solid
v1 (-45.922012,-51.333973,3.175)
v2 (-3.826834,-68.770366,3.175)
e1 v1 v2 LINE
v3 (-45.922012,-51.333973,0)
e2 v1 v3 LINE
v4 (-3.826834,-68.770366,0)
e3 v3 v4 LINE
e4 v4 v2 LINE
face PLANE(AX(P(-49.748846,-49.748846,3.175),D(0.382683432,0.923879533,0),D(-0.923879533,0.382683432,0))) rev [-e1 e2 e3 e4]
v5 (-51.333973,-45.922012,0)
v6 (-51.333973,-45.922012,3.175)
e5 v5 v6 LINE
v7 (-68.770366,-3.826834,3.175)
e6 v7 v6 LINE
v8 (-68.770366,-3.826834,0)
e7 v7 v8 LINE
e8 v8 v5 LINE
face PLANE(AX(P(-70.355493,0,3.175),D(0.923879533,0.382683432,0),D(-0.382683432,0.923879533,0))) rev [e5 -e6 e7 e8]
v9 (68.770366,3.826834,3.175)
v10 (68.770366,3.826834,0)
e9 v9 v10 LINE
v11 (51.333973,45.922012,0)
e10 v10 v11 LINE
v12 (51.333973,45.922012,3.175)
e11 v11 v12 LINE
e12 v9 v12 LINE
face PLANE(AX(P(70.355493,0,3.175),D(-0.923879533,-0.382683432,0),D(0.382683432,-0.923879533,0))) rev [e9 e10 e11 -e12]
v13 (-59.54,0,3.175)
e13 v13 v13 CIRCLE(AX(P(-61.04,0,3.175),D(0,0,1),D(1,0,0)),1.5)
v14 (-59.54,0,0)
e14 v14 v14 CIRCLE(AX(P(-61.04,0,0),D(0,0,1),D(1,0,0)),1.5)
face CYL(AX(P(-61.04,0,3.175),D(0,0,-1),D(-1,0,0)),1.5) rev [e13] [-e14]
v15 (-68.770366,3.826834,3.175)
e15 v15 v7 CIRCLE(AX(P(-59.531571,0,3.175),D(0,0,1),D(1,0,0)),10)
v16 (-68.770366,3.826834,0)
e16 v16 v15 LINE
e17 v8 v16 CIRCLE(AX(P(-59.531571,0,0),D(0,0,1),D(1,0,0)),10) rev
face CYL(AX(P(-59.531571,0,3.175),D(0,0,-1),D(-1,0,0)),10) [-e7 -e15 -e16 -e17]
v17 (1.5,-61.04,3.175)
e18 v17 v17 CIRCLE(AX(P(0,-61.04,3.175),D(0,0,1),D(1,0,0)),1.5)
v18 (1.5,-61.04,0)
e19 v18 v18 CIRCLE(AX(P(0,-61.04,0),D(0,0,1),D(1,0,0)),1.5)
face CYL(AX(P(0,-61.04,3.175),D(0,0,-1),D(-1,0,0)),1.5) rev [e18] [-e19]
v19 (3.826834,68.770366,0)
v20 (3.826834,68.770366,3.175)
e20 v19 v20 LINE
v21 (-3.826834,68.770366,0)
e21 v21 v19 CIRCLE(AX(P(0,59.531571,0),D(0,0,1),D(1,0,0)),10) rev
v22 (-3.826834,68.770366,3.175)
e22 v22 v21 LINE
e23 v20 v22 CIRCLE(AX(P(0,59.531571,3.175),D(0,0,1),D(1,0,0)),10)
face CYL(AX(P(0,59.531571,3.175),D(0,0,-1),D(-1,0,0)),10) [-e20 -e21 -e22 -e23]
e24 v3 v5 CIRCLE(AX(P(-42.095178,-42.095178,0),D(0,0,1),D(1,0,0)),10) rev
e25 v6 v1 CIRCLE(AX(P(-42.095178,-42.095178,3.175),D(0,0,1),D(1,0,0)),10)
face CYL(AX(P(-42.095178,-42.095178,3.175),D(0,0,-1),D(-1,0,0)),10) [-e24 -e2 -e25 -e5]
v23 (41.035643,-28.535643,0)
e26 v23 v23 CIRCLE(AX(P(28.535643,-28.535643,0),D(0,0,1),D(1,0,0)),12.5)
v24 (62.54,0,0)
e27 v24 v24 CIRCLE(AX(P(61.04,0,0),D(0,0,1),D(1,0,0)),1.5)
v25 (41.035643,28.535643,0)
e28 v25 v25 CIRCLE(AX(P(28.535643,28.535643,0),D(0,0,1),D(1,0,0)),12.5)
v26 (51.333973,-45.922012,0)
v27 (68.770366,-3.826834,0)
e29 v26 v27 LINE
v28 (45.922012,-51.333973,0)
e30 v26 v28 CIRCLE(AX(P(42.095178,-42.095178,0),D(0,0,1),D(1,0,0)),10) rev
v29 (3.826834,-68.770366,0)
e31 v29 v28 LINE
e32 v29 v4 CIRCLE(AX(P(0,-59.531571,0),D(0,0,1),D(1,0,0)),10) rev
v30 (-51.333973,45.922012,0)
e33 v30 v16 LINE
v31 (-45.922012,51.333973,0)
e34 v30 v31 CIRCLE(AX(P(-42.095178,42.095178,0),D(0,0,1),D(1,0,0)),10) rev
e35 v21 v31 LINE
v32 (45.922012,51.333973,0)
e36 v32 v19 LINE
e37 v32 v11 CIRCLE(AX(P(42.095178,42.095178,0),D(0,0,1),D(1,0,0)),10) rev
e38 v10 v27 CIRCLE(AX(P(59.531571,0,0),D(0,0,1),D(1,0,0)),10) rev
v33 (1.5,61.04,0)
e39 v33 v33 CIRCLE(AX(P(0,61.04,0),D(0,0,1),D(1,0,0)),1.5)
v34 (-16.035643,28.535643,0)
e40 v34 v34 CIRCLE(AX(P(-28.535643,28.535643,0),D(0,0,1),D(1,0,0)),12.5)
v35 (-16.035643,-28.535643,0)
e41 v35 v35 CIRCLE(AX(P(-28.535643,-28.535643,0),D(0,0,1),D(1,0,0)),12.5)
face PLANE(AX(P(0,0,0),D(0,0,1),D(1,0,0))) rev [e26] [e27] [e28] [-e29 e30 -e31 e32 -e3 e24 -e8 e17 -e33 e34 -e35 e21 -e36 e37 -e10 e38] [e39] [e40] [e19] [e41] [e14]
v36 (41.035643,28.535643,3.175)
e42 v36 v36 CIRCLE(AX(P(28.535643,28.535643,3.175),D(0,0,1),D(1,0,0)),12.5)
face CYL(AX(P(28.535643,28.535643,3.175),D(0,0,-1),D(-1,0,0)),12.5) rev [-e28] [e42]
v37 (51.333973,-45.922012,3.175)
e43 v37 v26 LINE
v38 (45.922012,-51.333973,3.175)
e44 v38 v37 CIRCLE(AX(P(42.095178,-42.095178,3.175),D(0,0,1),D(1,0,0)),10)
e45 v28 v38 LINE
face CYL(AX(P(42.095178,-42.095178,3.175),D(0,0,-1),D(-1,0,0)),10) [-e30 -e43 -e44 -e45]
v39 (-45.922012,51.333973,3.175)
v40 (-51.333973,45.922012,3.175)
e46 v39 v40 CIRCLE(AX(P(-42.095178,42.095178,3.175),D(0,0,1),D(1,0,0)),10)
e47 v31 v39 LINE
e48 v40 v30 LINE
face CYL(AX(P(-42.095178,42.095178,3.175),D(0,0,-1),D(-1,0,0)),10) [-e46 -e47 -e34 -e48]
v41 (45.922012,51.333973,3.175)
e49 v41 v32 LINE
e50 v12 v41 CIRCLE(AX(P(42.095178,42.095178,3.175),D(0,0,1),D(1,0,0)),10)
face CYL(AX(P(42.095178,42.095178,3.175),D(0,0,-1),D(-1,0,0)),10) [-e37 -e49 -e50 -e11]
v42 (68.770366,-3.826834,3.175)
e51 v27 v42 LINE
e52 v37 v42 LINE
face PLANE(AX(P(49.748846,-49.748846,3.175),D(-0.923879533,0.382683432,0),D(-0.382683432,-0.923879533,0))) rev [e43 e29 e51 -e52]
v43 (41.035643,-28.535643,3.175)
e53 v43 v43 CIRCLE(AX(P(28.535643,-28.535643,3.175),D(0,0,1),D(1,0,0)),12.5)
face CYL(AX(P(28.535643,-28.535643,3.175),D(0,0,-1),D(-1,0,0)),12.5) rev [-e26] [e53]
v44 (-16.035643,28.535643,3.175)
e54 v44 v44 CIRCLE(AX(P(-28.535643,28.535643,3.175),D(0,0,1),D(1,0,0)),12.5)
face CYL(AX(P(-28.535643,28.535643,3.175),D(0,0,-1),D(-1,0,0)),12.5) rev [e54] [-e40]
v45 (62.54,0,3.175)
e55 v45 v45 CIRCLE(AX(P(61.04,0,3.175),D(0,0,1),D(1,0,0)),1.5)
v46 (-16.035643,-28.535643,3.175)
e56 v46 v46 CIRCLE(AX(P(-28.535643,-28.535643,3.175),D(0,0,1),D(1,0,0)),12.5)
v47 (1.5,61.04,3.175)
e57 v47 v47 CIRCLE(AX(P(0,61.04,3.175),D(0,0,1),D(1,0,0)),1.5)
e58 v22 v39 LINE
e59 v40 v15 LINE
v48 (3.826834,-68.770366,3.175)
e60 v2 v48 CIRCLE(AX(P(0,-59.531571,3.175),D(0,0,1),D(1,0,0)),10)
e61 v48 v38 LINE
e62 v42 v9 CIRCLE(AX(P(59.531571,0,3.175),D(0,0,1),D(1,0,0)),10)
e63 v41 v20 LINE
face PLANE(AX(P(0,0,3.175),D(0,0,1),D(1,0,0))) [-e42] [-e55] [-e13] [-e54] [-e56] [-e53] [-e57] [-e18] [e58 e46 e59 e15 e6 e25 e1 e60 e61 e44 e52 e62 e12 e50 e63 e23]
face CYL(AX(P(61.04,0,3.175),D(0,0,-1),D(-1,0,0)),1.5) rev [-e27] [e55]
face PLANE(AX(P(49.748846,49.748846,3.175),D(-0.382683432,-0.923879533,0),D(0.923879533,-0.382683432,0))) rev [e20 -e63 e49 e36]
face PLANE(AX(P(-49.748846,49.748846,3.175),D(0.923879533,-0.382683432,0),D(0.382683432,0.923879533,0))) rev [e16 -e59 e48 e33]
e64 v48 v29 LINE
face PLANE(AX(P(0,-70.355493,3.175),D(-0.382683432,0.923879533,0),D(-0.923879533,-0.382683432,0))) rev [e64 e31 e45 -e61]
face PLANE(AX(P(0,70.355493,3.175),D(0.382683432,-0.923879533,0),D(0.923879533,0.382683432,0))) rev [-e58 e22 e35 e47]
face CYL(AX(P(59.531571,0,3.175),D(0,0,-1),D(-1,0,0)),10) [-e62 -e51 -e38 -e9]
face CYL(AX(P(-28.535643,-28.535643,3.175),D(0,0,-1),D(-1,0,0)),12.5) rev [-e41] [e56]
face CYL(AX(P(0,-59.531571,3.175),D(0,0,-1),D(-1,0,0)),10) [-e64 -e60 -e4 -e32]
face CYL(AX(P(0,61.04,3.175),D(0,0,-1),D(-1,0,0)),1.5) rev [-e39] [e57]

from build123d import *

# Parameters (mm, degrees)
SKETCH1_R           = 1.5
SKETCH1_R_2         = 12.5
BOSS_EXTRUDE1_DEPTH = 3.175
FILLET1_R           = 10
FILLET2_R           = 10


with BuildPart() as part:
    # Sketch1 → Boss-Extrude1 (new body)
    with BuildSketch(Plane.XY):
        Polygon((70.355493019, 0), (49.748846207, 49.748846207), (0, 70.355493019), (-49.748846207, 49.748846207), (-70.355493019, 0), (-49.748846207, -49.748846207), (0, -70.355493019), (49.748846207, -49.748846207), align=None)
        with Locations((0, 61.04)):
            Circle(SKETCH1_R, mode=Mode.SUBTRACT)
        with Locations((61.04, 0)):
            Circle(SKETCH1_R, mode=Mode.SUBTRACT)
        with Locations((0, -61.04)):
            Circle(SKETCH1_R, mode=Mode.SUBTRACT)
        with Locations((-61.04, 0)):
            Circle(SKETCH1_R, mode=Mode.SUBTRACT)
        with Locations((-28.535642772, 28.535642772)):
            Circle(SKETCH1_R_2, mode=Mode.SUBTRACT)
        with Locations((28.535642772, 28.535642772)):
            Circle(SKETCH1_R_2, mode=Mode.SUBTRACT)
        with Locations((-28.535642772, -28.535642772)):
            Circle(SKETCH1_R_2, mode=Mode.SUBTRACT)
        with Locations((28.535642772, -28.535642772)):
            Circle(SKETCH1_R_2, mode=Mode.SUBTRACT)
    extrude(amount=BOSS_EXTRUDE1_DEPTH)

    # Fillet1
    fillet1_edges = [part.edges().sort_by_distance(p)[0] for p in [
        (49.748846207, -49.748846207, 1.5875),
        (0, -70.355493019, 1.5875),
        (-49.748846207, -49.748846207, 1.5875),
        (-70.355493019, 0, 1.5875),
        (0, 70.355493019, 1.5875),
        (49.748846207, 49.748846207, 1.5875),
        (70.355493019, 0, 1.5875),
    ]]
    fillet(fillet1_edges, radius=FILLET1_R)

    # Fillet2
    fillet2_edges = [part.edges().sort_by_distance(p)[0] for p in [
        (-49.748846207, 49.748846207, 1.5875),
    ]]
    fillet(fillet2_edges, radius=FILLET2_R)


solid = part.part
